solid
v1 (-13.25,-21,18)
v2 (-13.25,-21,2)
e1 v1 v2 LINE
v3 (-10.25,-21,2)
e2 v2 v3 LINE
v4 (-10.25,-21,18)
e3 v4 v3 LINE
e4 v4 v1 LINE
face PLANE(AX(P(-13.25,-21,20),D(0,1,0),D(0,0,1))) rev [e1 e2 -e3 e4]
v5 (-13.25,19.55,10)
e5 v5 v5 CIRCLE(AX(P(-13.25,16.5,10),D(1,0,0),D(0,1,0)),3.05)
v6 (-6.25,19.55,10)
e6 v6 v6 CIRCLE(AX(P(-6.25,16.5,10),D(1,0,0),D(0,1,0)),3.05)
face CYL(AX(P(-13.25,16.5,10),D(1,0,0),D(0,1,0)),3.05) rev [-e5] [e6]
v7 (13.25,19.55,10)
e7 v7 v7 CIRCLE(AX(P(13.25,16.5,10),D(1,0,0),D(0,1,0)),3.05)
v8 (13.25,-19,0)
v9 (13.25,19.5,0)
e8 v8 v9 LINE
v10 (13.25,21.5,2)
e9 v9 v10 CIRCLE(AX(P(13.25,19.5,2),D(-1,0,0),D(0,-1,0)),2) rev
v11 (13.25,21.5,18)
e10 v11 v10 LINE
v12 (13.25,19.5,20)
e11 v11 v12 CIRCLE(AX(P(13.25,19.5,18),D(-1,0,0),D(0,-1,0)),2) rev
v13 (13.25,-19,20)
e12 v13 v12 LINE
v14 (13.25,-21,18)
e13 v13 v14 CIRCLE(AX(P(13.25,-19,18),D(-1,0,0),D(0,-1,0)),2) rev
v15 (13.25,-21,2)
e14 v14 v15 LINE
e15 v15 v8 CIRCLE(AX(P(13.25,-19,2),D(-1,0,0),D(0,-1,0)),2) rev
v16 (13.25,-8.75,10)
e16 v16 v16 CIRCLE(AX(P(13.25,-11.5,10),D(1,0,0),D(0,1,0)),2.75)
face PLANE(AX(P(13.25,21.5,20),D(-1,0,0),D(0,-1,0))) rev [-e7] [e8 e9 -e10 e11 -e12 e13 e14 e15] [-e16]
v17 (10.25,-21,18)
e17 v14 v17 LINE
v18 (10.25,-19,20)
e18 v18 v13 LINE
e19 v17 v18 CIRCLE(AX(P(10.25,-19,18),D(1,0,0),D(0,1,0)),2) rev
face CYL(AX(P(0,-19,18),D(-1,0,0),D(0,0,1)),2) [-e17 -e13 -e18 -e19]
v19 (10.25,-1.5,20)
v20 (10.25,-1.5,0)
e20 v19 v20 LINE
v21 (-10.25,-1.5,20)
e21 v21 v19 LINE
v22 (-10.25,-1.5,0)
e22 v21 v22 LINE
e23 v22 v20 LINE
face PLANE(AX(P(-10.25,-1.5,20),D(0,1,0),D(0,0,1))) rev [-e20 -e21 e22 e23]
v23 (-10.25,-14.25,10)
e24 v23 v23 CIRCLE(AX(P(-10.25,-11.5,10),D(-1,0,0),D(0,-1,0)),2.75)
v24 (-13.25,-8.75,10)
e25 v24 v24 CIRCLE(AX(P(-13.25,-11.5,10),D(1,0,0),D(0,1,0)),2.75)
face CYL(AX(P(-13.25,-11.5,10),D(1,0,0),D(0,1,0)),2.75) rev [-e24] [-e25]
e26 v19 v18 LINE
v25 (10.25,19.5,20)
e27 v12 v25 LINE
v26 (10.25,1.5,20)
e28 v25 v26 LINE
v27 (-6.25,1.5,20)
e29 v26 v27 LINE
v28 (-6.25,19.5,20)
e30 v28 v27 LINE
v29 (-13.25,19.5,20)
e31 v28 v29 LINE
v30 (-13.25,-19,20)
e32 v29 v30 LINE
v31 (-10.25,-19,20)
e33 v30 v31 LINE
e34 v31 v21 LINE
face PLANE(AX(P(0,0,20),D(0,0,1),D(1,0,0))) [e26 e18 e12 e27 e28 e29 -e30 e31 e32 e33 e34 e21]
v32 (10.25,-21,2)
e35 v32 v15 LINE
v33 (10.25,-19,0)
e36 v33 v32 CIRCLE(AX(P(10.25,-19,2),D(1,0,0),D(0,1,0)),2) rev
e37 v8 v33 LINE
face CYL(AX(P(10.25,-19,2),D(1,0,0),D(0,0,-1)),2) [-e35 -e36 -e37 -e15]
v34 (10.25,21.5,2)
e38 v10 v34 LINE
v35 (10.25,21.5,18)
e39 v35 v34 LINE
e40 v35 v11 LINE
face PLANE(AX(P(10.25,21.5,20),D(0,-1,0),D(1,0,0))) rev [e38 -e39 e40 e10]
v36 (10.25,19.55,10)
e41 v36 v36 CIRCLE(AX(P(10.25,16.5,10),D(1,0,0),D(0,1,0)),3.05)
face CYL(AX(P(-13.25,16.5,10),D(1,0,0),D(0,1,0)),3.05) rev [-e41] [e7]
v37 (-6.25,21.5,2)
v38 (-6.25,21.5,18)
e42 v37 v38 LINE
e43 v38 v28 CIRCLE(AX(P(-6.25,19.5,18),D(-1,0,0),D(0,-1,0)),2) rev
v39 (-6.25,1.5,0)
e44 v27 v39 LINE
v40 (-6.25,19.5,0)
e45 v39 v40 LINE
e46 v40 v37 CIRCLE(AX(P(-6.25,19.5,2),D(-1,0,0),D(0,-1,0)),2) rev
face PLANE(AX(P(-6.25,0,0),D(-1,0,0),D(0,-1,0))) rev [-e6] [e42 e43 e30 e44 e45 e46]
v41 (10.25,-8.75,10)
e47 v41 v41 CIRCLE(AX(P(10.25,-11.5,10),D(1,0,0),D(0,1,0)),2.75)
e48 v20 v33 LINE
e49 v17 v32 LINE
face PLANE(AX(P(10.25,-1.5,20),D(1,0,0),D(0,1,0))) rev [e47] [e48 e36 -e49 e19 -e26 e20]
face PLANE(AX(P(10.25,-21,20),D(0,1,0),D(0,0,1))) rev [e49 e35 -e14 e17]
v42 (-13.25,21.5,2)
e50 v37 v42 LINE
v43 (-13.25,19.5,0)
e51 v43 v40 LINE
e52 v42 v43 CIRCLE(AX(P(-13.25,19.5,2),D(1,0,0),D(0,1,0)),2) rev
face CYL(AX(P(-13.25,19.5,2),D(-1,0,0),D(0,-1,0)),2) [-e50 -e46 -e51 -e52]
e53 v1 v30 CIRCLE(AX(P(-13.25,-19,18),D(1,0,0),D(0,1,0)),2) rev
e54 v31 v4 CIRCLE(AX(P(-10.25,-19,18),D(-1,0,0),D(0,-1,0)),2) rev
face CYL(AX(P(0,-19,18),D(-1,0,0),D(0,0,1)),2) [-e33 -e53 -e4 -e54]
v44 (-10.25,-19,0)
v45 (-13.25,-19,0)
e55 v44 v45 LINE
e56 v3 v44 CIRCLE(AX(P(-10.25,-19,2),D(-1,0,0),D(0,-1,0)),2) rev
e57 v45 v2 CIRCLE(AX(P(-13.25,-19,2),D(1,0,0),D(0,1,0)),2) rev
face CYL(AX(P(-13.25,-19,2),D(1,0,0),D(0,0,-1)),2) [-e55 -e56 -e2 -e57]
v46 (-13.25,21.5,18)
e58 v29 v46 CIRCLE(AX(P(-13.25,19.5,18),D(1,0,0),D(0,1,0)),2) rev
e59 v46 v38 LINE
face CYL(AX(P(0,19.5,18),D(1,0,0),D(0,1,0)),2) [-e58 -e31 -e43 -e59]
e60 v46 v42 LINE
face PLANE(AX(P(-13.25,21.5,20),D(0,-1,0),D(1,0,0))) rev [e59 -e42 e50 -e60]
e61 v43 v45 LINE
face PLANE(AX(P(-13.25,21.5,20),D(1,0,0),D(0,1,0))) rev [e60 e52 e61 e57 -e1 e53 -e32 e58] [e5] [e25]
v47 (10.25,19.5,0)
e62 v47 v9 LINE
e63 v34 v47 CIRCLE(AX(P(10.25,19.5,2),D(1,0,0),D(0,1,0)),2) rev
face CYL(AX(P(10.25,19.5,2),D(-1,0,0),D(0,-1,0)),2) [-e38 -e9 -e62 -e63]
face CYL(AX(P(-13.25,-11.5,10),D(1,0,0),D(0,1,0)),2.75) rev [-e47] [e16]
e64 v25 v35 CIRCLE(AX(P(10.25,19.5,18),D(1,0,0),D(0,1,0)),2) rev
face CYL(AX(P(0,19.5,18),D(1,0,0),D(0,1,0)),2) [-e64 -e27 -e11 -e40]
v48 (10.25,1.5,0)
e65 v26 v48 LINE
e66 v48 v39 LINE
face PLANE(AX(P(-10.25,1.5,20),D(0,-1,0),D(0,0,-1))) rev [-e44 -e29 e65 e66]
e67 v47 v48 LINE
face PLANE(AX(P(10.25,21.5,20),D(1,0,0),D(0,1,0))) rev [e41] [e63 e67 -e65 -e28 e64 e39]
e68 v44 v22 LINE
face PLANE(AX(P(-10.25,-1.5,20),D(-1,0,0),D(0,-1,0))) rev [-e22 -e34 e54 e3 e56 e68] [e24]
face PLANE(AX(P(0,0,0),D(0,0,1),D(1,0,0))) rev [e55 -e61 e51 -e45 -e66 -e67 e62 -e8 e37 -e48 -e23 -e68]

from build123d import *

# Parameters (mm, degrees)
BOSS_EXTRUDE1_DEPTH = 20
SKETCH2_R           = 2.75
SKETCH2_R_2         = 3.05
CUT_EXTRUDE1_DEPTH  = 40.553760883
BOSS_EXTRUDE2_START = 4
SKETCH3_W           = 20
SKETCH3_H           = 20
SKETCH3_R           = 3.05
BOSS_EXTRUDE2_DEPTH = 4
FILLET1_R           = 2


with BuildPart() as part:
    # Sketch1 → Boss-Extrude1 (new body)
    with BuildSketch(Plane.XY):
        Polygon((-10.25, 1.5), (10.25, 1.5), (10.25, 21.5), (13.25, 21.5), (13.25, -21), (10.25, -21), (10.25, -1.5), (-10.25, -1.5), (-10.25, -21), (-13.25, -21), (-13.25, 21.5), (-10.25, 21.5), align=None)
    extrude(amount=BOSS_EXTRUDE1_DEPTH)

    # Sketch2 → Cut-Extrude1 (cut, through all)
    with BuildSketch(Plane(origin=(13.25, 0, 0), x_dir=(0, 0, -1), z_dir=(1, 0, 0))):
        with Locations(Location((-10, -11.5, 0), (0, 0, 90))):
            Circle(SKETCH2_R)
        with Locations(Location((-10, 16.5, 0), (0, 0, 90))):
            Circle(SKETCH2_R_2)
    extrude(amount=-CUT_EXTRUDE1_DEPTH, mode=Mode.SUBTRACT)

    # Sketch3 → Boss-Extrude2 (add)
    with BuildSketch(Plane(origin=(-10.25, 0, 0), x_dir=(0, 0, -1), z_dir=(1, 0, 0)).offset(BOSS_EXTRUDE2_START)):
        with Locations((-10, 11.5)):
            Rectangle(SKETCH3_W, SKETCH3_H)
        with Locations(Location((-10, 16.5, 0), (0, 0, 90))):
            Circle(SKETCH3_R, mode=Mode.SUBTRACT)
    extrude(amount=-BOSS_EXTRUDE2_DEPTH)

    # Fillet1
    fillet1_edges = [part.edges().sort_by_distance(p)[0] for p in [
        (-9.75, 21.5, 0),
        (11.75, 21.5, 0),
        (11.75, -21, 0),
        (-11.75, -21, 0),
        (11.75, -21, 20),
        (11.75, 21.5, 20),
        (-9.75, 21.5, 20),
        (-11.75, -21, 20),
    ]]
    fillet(fillet1_edges, radius=FILLET1_R)


solid = part.part
